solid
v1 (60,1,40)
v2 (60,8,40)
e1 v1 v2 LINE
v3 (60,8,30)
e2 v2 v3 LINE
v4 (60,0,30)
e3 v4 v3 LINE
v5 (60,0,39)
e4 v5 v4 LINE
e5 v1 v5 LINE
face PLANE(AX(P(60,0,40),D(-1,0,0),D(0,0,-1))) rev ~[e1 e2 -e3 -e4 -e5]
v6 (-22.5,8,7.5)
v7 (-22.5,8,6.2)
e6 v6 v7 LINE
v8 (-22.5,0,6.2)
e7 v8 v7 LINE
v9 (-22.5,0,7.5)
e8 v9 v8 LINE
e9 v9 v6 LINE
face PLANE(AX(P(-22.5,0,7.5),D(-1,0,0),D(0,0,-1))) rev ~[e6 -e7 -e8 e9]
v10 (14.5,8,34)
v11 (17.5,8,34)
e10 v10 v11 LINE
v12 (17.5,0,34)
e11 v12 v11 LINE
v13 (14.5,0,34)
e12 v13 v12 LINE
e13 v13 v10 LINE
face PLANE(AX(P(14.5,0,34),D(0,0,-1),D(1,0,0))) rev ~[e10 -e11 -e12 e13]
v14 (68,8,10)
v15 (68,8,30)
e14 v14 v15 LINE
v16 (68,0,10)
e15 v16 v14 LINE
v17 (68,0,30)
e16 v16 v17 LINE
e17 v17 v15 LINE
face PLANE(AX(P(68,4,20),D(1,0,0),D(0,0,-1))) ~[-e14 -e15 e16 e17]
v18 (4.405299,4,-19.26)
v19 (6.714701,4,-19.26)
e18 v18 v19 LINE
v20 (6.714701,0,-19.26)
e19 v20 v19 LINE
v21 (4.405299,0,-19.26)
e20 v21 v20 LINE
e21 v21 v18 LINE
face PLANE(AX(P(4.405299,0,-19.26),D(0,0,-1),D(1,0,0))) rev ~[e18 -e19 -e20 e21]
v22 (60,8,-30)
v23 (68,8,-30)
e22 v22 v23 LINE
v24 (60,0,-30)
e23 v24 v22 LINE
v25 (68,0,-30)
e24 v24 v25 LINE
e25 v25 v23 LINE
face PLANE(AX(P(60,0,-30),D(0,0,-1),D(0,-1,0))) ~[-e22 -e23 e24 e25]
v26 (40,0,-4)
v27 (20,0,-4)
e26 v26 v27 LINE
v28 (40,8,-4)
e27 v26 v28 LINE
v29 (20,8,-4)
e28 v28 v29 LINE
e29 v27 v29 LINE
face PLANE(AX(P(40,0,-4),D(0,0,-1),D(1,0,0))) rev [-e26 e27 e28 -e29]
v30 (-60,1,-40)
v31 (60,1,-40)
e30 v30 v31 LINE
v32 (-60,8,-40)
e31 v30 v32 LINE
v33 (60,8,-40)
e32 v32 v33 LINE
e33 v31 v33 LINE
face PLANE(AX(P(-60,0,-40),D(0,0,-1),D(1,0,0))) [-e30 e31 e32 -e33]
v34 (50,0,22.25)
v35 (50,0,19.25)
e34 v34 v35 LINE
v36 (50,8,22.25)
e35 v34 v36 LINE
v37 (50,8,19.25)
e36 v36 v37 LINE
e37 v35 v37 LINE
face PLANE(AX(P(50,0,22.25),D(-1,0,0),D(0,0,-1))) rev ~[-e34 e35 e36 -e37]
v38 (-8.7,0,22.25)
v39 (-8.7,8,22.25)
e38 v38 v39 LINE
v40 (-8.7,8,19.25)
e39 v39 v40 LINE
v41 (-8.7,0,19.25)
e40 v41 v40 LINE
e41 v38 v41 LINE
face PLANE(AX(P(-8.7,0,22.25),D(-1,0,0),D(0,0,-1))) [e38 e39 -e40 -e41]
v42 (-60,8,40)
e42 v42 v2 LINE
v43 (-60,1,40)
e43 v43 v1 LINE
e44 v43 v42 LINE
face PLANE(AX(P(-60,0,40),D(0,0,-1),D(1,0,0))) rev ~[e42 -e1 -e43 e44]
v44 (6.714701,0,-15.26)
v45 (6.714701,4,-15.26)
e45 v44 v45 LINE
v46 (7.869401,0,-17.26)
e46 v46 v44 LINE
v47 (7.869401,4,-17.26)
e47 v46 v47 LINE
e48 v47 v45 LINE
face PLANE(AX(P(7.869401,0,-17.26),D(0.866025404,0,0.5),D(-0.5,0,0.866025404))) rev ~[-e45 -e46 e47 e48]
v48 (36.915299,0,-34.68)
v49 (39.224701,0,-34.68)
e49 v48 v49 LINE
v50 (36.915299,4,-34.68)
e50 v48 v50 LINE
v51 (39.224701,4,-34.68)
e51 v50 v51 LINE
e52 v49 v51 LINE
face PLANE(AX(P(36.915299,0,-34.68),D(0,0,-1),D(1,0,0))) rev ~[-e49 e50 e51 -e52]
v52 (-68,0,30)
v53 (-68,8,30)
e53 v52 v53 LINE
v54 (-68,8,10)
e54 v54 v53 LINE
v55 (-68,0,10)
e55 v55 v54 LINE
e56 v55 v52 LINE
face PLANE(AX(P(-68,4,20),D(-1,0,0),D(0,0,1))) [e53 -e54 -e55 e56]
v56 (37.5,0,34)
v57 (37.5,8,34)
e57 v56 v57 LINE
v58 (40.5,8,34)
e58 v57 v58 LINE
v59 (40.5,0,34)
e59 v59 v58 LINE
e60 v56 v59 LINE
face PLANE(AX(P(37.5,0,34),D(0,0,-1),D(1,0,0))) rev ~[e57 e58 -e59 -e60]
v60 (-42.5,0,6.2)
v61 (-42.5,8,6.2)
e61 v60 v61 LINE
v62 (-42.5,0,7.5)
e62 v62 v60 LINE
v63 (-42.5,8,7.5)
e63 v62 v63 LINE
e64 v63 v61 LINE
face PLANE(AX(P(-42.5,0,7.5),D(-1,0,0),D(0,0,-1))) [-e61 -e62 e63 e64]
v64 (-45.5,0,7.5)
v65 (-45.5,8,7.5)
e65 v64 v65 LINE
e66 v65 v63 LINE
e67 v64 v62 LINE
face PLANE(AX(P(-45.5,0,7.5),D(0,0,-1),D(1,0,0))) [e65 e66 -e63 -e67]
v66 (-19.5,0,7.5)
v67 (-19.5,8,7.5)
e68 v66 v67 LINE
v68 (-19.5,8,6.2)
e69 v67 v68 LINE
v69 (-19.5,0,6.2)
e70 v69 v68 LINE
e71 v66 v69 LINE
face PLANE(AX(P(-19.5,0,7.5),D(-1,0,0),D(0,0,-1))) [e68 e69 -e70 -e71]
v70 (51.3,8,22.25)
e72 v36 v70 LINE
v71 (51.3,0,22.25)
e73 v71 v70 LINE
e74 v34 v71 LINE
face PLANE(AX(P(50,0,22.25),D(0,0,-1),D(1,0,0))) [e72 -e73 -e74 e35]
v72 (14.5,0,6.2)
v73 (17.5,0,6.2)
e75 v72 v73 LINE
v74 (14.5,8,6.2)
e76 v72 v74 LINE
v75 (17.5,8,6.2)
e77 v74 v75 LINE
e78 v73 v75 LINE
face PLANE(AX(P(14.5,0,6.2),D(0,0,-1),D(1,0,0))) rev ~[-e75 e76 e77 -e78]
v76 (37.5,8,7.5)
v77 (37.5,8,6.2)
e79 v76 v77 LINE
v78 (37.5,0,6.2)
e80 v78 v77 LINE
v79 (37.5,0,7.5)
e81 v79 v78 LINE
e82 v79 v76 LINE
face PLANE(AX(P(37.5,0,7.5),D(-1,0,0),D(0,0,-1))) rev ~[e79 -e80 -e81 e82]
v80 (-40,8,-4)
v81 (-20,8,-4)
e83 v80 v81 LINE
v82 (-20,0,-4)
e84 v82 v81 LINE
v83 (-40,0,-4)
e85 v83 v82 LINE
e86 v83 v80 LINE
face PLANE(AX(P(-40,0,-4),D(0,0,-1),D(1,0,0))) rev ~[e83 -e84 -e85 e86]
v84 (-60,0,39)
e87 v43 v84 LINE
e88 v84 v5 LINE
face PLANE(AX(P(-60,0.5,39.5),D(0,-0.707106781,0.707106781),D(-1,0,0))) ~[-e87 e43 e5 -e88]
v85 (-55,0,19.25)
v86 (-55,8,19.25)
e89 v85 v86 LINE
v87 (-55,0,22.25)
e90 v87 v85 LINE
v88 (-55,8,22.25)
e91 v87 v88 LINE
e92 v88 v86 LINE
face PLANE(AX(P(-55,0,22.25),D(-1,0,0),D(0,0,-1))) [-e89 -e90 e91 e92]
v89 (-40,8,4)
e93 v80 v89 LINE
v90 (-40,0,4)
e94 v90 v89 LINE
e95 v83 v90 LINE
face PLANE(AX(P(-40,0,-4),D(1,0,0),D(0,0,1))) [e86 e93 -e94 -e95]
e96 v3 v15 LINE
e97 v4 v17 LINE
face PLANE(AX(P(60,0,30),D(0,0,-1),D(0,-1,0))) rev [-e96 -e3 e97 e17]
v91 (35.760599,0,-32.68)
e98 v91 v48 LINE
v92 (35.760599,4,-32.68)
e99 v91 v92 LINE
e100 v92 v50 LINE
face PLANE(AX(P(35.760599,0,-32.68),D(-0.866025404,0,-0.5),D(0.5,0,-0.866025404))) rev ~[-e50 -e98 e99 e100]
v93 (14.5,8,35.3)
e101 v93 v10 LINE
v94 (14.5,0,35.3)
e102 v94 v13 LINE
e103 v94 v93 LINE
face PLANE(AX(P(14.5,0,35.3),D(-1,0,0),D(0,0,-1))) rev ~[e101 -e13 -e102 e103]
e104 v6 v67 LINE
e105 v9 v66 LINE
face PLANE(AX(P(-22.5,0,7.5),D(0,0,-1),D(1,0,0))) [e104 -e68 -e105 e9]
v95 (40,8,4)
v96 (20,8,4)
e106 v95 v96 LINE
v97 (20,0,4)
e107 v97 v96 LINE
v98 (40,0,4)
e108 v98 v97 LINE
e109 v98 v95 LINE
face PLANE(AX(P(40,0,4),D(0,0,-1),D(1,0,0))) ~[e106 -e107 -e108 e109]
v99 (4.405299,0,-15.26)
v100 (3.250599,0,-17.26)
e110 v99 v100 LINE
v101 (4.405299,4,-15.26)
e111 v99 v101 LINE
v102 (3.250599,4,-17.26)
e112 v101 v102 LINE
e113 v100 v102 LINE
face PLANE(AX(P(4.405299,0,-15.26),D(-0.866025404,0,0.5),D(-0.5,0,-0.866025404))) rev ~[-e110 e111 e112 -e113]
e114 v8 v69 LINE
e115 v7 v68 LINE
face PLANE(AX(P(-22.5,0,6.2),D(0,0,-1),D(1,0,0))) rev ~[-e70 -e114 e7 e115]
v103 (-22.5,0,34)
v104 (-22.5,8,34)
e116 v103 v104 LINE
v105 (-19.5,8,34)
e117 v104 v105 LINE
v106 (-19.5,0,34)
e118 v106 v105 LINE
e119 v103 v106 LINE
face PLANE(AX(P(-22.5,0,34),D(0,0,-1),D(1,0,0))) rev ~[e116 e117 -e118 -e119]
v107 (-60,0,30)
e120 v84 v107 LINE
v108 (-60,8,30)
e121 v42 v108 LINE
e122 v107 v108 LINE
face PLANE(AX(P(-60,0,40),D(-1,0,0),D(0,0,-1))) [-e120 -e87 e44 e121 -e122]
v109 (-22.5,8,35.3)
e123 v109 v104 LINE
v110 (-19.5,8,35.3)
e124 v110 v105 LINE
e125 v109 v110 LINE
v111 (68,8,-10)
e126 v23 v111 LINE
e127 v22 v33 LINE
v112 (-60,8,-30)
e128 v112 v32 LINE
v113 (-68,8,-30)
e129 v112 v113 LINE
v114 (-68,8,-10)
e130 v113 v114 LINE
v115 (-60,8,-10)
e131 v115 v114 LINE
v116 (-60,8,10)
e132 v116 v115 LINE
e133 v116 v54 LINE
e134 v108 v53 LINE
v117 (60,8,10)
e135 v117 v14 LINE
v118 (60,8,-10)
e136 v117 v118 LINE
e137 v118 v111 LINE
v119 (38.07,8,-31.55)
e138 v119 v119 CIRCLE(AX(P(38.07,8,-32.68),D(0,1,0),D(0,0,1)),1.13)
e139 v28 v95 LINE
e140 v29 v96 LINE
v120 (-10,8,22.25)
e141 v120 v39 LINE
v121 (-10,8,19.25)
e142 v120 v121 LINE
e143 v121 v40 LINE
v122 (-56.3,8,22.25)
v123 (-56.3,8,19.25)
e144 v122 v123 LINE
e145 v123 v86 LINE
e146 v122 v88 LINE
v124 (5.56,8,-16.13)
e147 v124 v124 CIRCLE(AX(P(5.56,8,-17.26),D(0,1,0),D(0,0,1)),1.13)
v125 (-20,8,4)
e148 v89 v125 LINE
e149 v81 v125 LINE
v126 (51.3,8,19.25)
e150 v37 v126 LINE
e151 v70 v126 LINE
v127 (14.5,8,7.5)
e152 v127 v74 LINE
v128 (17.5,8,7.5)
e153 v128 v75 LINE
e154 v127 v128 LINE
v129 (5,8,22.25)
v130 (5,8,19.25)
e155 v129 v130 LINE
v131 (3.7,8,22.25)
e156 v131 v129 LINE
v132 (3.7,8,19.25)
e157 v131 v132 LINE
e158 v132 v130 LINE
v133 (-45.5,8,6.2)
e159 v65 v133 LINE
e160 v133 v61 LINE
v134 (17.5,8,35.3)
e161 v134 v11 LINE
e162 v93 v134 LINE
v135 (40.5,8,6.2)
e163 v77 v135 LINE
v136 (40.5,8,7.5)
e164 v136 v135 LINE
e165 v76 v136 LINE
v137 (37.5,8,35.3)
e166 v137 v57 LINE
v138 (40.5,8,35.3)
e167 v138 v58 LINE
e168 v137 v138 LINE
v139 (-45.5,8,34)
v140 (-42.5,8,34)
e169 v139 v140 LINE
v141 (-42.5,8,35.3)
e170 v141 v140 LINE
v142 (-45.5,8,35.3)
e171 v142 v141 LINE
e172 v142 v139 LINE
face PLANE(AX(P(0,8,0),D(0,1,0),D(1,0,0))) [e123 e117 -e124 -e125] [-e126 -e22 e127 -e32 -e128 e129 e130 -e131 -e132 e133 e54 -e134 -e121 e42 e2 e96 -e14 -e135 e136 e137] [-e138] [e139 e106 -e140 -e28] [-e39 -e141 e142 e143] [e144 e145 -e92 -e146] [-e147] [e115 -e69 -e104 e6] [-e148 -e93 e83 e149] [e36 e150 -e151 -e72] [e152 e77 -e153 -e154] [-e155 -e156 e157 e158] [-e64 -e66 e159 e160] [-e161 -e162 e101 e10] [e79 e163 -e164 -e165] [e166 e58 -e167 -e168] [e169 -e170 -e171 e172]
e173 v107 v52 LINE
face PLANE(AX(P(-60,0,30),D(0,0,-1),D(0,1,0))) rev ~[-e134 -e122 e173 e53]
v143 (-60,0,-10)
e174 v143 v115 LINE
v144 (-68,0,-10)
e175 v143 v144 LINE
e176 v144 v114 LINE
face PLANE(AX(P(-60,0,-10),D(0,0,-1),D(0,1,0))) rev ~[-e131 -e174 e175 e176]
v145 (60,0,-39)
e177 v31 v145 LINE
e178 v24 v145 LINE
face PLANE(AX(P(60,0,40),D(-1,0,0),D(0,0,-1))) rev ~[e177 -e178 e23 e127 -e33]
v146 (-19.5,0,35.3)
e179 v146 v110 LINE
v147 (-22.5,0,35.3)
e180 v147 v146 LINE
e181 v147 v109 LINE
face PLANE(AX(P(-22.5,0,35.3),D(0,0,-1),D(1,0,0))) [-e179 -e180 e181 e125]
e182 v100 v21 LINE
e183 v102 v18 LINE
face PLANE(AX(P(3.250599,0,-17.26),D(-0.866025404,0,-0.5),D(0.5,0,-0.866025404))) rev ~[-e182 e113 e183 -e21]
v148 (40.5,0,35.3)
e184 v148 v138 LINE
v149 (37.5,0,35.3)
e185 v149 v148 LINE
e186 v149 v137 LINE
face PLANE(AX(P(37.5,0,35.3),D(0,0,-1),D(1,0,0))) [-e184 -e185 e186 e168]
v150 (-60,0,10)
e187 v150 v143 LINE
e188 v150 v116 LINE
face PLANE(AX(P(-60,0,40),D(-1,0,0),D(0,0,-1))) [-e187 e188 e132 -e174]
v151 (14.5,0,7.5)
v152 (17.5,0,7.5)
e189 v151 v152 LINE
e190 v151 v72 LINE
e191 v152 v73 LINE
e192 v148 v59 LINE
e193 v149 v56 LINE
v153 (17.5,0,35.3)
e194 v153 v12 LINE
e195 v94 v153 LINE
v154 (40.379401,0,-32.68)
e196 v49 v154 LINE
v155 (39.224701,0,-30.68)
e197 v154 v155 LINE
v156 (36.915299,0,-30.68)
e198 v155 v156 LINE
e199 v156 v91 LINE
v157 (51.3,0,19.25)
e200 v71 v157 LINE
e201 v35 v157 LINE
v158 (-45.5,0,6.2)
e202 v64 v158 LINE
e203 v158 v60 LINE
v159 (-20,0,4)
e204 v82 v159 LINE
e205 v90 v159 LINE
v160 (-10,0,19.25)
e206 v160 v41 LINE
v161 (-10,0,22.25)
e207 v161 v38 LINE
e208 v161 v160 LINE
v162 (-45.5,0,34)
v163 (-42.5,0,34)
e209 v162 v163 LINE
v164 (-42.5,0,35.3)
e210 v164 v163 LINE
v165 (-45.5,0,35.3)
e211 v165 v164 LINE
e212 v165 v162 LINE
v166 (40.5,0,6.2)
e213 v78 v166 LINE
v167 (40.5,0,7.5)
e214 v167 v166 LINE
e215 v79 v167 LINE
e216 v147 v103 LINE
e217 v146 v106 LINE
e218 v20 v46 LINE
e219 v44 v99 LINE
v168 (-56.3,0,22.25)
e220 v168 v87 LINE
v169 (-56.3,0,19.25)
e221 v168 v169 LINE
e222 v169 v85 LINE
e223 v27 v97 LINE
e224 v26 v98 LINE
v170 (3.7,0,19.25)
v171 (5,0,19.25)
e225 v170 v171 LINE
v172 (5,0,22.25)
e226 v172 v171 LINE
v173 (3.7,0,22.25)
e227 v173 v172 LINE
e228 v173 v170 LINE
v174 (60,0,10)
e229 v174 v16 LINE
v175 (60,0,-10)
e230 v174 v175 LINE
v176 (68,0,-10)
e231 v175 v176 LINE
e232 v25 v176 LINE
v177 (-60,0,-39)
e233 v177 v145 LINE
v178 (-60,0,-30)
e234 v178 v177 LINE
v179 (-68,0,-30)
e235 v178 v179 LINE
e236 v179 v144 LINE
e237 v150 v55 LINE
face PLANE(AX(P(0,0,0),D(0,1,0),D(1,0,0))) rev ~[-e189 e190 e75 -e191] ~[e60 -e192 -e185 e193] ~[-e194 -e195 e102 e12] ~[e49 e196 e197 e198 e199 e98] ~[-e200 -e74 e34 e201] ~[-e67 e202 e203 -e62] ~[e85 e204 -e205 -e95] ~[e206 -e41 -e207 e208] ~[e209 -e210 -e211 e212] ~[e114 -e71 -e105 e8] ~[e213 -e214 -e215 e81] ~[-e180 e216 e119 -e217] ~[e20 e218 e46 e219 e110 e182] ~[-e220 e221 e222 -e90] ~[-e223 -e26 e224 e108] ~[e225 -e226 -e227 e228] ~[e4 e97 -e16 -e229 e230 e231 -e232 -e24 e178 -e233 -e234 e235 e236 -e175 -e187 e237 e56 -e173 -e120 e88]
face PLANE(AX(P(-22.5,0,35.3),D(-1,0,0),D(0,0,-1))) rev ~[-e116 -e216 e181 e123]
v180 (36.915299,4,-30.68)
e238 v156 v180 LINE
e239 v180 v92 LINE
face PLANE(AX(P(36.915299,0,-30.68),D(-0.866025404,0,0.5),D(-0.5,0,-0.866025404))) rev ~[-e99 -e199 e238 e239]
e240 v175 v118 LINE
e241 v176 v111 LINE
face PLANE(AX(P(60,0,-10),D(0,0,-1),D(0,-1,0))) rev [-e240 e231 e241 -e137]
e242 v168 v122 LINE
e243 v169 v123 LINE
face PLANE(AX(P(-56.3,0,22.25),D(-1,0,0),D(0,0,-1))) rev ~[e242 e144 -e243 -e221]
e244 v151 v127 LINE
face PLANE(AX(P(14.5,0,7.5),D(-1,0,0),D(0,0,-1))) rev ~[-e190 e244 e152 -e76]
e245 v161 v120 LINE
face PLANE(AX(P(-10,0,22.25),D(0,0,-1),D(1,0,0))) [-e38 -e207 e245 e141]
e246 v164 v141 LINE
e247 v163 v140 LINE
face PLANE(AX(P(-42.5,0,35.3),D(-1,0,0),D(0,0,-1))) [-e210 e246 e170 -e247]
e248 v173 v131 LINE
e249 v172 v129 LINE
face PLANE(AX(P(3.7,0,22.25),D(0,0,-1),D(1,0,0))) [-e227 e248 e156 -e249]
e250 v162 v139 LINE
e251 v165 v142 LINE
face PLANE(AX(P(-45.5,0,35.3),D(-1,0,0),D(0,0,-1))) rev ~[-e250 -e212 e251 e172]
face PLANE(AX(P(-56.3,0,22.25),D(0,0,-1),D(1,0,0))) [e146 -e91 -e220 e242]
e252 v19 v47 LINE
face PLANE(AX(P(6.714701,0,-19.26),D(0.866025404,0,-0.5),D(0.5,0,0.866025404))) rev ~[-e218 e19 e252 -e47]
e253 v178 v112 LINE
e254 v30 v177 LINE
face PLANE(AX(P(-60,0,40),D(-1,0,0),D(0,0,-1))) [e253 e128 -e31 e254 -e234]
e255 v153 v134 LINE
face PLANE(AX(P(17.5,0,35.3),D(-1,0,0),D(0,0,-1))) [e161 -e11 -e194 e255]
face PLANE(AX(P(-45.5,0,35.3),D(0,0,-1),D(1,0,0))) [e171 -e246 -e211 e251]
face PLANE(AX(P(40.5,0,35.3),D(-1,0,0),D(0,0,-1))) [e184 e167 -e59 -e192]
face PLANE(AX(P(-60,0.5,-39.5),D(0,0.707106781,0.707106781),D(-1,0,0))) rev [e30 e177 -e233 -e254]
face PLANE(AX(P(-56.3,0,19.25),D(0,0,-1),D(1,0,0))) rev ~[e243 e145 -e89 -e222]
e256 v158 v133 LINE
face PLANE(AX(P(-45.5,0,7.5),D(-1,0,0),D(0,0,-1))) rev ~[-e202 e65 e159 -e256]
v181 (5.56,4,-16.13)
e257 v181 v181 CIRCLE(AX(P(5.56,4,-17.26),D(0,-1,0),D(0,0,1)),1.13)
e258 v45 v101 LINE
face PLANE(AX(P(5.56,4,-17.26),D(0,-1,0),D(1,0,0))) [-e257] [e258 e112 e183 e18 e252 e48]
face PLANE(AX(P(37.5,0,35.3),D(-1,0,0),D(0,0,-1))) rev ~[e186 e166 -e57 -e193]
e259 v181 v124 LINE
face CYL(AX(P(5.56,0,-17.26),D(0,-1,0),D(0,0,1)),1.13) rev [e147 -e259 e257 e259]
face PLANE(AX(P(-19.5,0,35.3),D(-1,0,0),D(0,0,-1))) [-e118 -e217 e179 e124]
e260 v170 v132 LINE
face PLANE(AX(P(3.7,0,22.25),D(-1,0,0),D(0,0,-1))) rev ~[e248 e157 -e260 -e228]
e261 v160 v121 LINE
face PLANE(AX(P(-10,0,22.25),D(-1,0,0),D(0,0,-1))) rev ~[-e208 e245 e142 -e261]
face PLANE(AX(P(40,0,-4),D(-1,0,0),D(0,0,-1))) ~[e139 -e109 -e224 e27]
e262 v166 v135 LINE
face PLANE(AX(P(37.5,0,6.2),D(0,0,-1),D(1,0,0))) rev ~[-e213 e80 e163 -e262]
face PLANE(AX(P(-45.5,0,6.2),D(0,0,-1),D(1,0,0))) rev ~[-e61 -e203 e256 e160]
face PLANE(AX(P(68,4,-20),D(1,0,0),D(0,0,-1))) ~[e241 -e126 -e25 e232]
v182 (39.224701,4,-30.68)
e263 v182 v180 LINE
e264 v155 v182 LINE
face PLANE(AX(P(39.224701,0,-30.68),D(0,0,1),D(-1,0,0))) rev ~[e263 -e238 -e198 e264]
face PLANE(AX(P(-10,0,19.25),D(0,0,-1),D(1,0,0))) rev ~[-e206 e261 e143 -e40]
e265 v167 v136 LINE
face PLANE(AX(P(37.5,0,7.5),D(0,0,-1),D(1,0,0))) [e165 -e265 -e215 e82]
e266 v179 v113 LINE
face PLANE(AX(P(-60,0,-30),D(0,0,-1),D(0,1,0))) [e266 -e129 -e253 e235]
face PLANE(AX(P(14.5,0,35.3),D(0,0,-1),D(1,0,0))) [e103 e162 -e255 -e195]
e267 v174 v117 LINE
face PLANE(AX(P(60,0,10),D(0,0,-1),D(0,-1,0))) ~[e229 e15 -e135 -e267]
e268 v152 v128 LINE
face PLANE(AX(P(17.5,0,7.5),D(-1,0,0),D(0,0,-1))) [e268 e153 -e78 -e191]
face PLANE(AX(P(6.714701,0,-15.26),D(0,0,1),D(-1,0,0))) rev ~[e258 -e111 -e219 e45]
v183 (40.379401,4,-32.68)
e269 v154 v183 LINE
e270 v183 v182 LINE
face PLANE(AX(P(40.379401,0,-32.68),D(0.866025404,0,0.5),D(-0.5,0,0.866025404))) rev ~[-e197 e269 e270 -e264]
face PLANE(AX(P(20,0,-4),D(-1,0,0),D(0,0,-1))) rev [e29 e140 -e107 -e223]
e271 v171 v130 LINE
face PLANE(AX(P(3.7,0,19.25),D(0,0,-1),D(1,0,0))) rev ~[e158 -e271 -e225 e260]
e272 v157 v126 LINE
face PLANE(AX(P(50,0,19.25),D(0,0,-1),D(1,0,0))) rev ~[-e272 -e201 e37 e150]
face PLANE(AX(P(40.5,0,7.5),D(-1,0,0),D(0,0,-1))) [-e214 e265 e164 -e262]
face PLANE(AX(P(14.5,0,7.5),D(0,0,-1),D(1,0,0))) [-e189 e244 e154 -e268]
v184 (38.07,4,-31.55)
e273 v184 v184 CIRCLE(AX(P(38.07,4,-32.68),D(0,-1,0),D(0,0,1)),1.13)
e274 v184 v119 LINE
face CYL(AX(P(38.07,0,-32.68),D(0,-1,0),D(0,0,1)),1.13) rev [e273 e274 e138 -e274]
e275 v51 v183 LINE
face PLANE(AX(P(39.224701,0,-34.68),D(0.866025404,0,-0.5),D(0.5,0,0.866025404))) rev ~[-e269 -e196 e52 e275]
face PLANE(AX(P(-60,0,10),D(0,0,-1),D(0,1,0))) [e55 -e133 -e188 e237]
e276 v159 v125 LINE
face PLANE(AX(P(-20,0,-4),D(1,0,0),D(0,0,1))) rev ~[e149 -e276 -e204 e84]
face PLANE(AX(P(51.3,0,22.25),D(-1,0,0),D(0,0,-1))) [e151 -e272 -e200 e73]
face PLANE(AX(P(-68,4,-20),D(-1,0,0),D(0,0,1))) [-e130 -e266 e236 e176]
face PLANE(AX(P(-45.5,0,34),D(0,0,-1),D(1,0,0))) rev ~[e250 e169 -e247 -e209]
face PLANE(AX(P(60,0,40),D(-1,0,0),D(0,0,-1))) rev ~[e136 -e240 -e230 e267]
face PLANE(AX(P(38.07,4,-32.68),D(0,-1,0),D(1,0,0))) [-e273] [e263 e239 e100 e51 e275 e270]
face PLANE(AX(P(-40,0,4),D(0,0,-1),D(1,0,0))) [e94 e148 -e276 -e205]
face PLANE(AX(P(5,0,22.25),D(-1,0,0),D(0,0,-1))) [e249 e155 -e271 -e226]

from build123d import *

# Parameters (mm, degrees)
SKETCH1_W           = 120
SKETCH1_H           = 80
SKETCH1_R           = 1.13
SKETCH1_W_2         = 3
SKETCH1_H_2         = 1.3
SKETCH1_W_3         = 1.3
SKETCH1_H_3         = 3
BOSS_EXTRUDE1_DEPTH = 8
CUT_EXTRUDE1_DEPTH  = 4
CHAMFER1_SIZE       = 1
CUT_EXTRUDE2_REACH  = 74.553
SKETCH3_W           = 20
SKETCH3_H           = 8
SKETCH4_W           = 20
SKETCH4_H           = 8
BOSS_EXTRUDE2_DEPTH = 8


with BuildPart() as part:
    # Sketch1 → Boss-Extrude1 (new body)
    with BuildSketch(Plane(origin=(0, 0, 0), x_dir=(1, 0, 0), z_dir=(0, 1, 0))):
        Rectangle(SKETCH1_W, SKETCH1_H)
        with Locations(Location((38.07, 32.68, 0), (0, 0, 270))):
            Circle(SKETCH1_R, mode=Mode.SUBTRACT)
        with Locations(Location((5.56, 17.26, 0), (0, 0, 270))):
            Circle(SKETCH1_R, mode=Mode.SUBTRACT)
        with Locations((16, -34.65)):
            Rectangle(SKETCH1_W_2, SKETCH1_H_2, mode=Mode.SUBTRACT)
        with Locations((16, -6.85)):
            Rectangle(SKETCH1_W_2, SKETCH1_H_2, mode=Mode.SUBTRACT)
        with Locations((39, -6.85)):
            Rectangle(SKETCH1_W_2, SKETCH1_H_2, mode=Mode.SUBTRACT)
        with Locations((39, -34.65)):
            Rectangle(SKETCH1_W_2, SKETCH1_H_2, mode=Mode.SUBTRACT)
        with Locations((50.65, -20.75)):
            Rectangle(SKETCH1_W_3, SKETCH1_H_3, mode=Mode.SUBTRACT)
        with Locations((4.35, -20.75)):
            Rectangle(SKETCH1_W_3, SKETCH1_H_3, mode=Mode.SUBTRACT)
        with Locations((-55.65, -20.75)):
            Rectangle(SKETCH1_W_3, SKETCH1_H_3, mode=Mode.SUBTRACT)
        with Locations((-9.35, -20.75)):
            Rectangle(SKETCH1_W_3, SKETCH1_H_3, mode=Mode.SUBTRACT)
        with Locations((-44, -34.65)):
            Rectangle(SKETCH1_W_2, SKETCH1_H_2, mode=Mode.SUBTRACT)
        with Locations((-44, -6.85)):
            Rectangle(SKETCH1_W_2, SKETCH1_H_2, mode=Mode.SUBTRACT)
        with Locations((-21, -34.65)):
            Rectangle(SKETCH1_W_2, SKETCH1_H_2, mode=Mode.SUBTRACT)
        with Locations((-21, -6.85)):
            Rectangle(SKETCH1_W_2, SKETCH1_H_2, mode=Mode.SUBTRACT)
    extrude(amount=BOSS_EXTRUDE1_DEPTH)

    # Sketch2 → Cut-Extrude1 (cut)
    with BuildSketch(Plane.XZ):
        Polygon((7.869401077, -17.26), (6.714700538, -15.26), (4.405299462, -15.26), (3.250598923, -17.26), (4.405299462, -19.26), (6.714700538, -19.26), align=None)
        Polygon((40.379401077, -32.68), (39.224700538, -30.68), (36.915299462, -30.68), (35.760598923, -32.68), (36.915299462, -34.68), (39.224700538, -34.68), align=None)
    extrude(amount=-CUT_EXTRUDE1_DEPTH, mode=Mode.SUBTRACT)

    # Chamfer1
    chamfer1_edges = [part.edges().sort_by_distance(p)[0] for p in [
        (0, 0, -40),
        (0, 0, 40),
    ]]
    chamfer(chamfer1_edges, length=CHAMFER1_SIZE)

    # Sketch3 → Cut-Extrude2 (cut, up to next)
    with BuildSketch(Plane.XZ, mode=Mode.PRIVATE) as cut_extrude2_sk1:
        with Locations((-30, 0)):
            Rectangle(SKETCH3_W, SKETCH3_H)
    cut_extrude2_tool1 = extrude(cut_extrude2_sk1.sketch, amount=-CUT_EXTRUDE2_REACH, mode=Mode.PRIVATE) & part.part
    cut_extrude2 = cut_extrude2_tool1.solids().sort_by_distance((-30, 0, 0))[0]
    add(cut_extrude2, mode=Mode.SUBTRACT)

    # Mirror1: Cut-Extrude2 across plane
    add(cut_extrude2.mirror(Plane.ZY), mode=Mode.SUBTRACT)

    # Sketch4 → Boss-Extrude2 (add)
    with BuildSketch(Plane.ZY.offset(60)):
        with Locations((20, 4)):
            Rectangle(SKETCH4_W, SKETCH4_H)
        with Locations((-20, 4)):
            Rectangle(SKETCH4_W, SKETCH4_H)
    boss_extrude2 = extrude(amount=BOSS_EXTRUDE2_DEPTH)

    # Mirror2: Boss-Extrude2 across plane
    add(boss_extrude2.mirror(Plane.ZY))


solid = part.part
